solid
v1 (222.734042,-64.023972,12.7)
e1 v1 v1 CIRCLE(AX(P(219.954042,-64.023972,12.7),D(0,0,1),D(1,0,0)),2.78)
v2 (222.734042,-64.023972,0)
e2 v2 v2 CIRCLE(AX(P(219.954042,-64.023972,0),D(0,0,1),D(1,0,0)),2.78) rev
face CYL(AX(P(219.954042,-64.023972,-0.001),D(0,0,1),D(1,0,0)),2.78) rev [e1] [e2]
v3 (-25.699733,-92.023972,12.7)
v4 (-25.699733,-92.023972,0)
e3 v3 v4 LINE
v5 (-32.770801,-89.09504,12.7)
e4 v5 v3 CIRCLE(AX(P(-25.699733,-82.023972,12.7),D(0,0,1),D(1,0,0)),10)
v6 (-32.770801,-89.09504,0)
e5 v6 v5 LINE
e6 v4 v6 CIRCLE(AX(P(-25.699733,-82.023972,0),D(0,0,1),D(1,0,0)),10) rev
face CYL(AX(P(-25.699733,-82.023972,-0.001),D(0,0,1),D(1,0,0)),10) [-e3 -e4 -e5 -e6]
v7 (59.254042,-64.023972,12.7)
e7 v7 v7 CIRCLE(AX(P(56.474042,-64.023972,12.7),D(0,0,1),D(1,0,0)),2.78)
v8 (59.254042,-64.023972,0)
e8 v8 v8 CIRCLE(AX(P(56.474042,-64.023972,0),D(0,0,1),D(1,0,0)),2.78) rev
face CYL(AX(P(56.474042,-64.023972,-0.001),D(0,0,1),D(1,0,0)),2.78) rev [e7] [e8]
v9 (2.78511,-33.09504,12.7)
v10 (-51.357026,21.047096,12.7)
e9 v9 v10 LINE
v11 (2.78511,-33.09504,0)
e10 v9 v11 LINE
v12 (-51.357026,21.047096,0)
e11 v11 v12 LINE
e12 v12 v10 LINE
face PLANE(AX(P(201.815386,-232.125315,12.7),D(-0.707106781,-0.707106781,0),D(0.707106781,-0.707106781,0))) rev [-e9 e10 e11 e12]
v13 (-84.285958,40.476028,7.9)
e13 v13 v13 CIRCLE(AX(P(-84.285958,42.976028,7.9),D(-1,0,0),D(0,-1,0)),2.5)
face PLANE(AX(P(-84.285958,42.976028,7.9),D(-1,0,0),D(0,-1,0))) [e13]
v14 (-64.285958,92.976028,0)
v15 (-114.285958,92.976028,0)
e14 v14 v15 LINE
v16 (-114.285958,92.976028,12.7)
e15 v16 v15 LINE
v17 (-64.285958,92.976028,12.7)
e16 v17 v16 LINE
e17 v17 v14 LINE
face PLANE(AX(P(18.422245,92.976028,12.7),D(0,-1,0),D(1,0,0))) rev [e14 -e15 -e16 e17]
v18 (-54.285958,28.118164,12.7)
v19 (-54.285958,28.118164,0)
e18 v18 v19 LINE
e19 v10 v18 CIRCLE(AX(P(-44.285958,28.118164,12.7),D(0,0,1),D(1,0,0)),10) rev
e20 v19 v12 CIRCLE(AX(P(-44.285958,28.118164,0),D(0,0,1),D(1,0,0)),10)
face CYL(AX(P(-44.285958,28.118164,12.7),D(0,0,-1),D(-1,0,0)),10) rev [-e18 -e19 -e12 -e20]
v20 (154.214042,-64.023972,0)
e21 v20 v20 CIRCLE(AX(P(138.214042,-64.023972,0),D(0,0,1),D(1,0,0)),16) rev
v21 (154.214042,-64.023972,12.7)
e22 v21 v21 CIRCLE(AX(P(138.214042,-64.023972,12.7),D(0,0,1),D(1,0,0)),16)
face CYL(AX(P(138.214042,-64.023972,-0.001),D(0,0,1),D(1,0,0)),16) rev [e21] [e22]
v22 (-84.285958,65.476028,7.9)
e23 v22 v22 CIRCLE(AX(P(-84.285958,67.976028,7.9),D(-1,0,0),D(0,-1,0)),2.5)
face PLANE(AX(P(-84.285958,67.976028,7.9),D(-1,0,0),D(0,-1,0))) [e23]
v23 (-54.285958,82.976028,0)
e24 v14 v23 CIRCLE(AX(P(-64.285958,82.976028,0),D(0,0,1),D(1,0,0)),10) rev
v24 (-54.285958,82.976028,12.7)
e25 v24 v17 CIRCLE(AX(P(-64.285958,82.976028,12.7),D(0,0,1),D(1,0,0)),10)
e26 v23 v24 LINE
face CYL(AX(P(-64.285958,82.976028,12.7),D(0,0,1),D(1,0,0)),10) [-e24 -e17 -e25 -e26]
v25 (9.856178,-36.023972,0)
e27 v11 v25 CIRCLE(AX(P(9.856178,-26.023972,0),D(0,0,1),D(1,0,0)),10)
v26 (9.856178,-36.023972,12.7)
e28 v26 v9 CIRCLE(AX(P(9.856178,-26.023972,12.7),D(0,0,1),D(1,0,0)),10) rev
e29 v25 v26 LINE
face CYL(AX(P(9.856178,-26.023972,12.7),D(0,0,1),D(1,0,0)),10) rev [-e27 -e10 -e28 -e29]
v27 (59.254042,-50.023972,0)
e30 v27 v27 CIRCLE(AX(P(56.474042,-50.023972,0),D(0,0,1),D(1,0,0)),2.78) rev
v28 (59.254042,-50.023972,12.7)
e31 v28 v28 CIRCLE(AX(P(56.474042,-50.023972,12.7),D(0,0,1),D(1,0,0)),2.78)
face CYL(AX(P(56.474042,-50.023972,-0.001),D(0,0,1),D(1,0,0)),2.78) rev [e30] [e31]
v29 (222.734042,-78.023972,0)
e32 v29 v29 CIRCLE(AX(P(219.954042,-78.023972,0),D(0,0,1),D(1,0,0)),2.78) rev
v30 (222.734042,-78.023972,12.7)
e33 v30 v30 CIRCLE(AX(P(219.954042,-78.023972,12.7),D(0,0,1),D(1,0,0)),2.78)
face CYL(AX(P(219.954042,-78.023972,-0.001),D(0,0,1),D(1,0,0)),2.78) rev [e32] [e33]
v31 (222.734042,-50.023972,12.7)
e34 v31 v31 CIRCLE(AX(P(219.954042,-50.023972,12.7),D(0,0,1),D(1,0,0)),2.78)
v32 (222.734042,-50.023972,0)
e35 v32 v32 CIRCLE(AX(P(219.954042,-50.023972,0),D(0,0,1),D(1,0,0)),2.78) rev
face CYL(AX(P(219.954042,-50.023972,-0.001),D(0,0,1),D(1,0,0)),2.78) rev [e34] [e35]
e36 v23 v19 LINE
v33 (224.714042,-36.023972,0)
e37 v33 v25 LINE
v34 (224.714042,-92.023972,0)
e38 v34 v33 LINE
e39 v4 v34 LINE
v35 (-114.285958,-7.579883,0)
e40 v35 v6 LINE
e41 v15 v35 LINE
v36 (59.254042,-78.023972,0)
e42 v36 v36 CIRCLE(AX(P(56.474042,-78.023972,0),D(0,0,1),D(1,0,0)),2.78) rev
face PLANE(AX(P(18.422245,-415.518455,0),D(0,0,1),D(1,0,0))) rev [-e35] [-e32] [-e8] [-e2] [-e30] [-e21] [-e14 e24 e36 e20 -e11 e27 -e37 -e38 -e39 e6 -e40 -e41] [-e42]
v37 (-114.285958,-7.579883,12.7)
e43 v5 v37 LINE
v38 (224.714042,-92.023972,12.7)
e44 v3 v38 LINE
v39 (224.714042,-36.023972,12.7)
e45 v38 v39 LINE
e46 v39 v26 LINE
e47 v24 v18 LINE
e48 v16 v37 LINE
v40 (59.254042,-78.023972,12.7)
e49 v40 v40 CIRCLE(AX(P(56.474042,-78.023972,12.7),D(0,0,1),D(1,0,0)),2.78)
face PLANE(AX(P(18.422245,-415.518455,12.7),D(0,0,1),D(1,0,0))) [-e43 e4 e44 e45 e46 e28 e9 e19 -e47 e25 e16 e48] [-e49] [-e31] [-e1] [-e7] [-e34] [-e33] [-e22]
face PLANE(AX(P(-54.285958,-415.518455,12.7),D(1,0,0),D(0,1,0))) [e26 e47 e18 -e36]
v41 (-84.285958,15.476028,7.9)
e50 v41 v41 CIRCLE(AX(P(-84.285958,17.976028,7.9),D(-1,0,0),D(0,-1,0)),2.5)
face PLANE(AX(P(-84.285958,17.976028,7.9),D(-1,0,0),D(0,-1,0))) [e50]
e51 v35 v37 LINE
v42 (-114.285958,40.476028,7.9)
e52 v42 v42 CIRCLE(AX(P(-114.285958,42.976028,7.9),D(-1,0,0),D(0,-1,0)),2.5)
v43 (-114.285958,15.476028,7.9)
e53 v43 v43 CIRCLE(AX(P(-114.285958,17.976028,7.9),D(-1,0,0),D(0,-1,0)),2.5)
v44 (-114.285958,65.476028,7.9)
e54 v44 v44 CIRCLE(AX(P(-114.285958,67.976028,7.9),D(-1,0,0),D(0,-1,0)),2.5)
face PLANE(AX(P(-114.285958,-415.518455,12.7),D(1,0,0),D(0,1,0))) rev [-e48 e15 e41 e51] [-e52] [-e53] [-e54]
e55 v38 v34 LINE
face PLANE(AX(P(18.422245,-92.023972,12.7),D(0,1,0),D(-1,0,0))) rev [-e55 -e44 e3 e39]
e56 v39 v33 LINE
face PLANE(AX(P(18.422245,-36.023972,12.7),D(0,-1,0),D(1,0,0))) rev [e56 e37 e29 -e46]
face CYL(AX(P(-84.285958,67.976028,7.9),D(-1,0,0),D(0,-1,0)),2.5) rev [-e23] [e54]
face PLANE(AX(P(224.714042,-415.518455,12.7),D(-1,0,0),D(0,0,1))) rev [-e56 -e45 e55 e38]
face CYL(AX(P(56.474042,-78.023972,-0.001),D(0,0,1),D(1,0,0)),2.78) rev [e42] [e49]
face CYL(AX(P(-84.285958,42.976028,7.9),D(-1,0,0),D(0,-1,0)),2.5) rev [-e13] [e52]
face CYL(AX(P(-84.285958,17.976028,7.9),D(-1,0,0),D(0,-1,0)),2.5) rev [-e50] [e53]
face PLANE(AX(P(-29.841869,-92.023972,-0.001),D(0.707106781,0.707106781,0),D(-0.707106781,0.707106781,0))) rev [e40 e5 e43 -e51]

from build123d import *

# Parameters (mm, degrees)
RESSALTO_EXTRUS_O1_DEPTH = 12.7
CIRCULO_ROLAMENTO_REACH  = 245.52
ESBO_O3_R                = 16
ESBO_O6_R                = 2.5
CORTE_EXTRUS_O4_DEPTH    = 30
CORTE_EXTRUS_O6_REACH    = 245.52
CORTE_EXTRUS_O7_REACH    = 245.52
ESBO_O10_R               = 2.78
CORTE_EXTRUS_O8_REACH    = 245.52
ESBO_O12_R               = 2.78
FILETE1_R                = 10


with BuildPart() as part:
    # Esboço1 → Ressalto-extrusão1 (new body)
    with BuildSketch(Plane.XY):
        Polygon((-114.28595772, -92.023971813), (224.71404228, -92.023971813), (224.71404228, -36.023971813), (5.71404228, -36.023971813), (-54.28595772, 23.976028187), (-54.28595772, 92.976028187), (-114.28595772, 92.976028187), align=None)
    extrude(amount=RESSALTO_EXTRUS_O1_DEPTH)

    # Esboço3 → Circulo rolamento (cut, up to next)
    with BuildSketch(Plane.XY.offset(12.7), mode=Mode.PRIVATE) as circulo_rolamento_sk1:
        with Locations((138.21404228, -64.023971813)):
            Circle(ESBO_O3_R)
    circulo_rolamento_tool1 = extrude(circulo_rolamento_sk1.sketch, amount=-CIRCULO_ROLAMENTO_REACH, mode=Mode.PRIVATE) & part.part
    add(circulo_rolamento_tool1.solids().sort_by_distance((138.214042, -64.023972, 12.7))[0], mode=Mode.SUBTRACT)

    # Esboço6 → Corte-extrusão4 (cut)
    with BuildSketch(Plane.ZY.offset(114.28595772)):
        with Locations(Location((7.9, 67.976028187, 0), (0, 0, 270))):
            Circle(ESBO_O6_R)
        with Locations(Location((7.9, 42.976028187, 0), (0, 0, 270))):
            Circle(ESBO_O6_R)
        with Locations(Location((7.9, 17.976028187, 0), (0, 0, 270))):
            Circle(ESBO_O6_R)
    extrude(amount=-CORTE_EXTRUS_O4_DEPTH, mode=Mode.SUBTRACT)

    # Esboço9 → Corte-extrusão6 (cut, up to next)
    with BuildSketch(Plane.XY.offset(12.7), mode=Mode.PRIVATE) as corte_extrus_o6_sk1:
        Polygon((-29.841868762, -92.023971813), (-114.28595772, -7.579882856), (-114.28595772, -92.023971813), align=None)
    corte_extrus_o6_tool1 = extrude(corte_extrus_o6_sk1.sketch, amount=-CORTE_EXTRUS_O6_REACH, mode=Mode.PRIVATE) & part.part
    add(corte_extrus_o6_tool1.solids().sort_by_distance((-86.137928, -63.875942, 12.7))[0], mode=Mode.SUBTRACT)

    # Esboço10 → Corte-extrusão7 (cut, up to next)
    with BuildSketch(Plane.XY.offset(12.7), mode=Mode.PRIVATE) as corte_extrus_o7_sk1:
        with Locations((56.47404228, -50.023971813)):
            Circle(ESBO_O10_R)
    corte_extrus_o7_tool1 = extrude(corte_extrus_o7_sk1.sketch, amount=-CORTE_EXTRUS_O7_REACH, mode=Mode.PRIVATE) & part.part
    # Esboço10 → Corte-extrusão7 (cut, up to next)
    with BuildSketch(Plane.XY.offset(12.7), mode=Mode.PRIVATE) as corte_extrus_o7_sk2:
        with Locations((56.47404228, -64.023971813)):
            Circle(ESBO_O10_R)
    corte_extrus_o7_tool2 = extrude(corte_extrus_o7_sk2.sketch, amount=-CORTE_EXTRUS_O7_REACH, mode=Mode.PRIVATE) & part.part
    # Esboço10 → Corte-extrusão7 (cut, up to next)
    with BuildSketch(Plane.XY.offset(12.7), mode=Mode.PRIVATE) as corte_extrus_o7_sk3:
        with Locations((56.47404228, -78.023971813)):
            Circle(ESBO_O10_R)
    corte_extrus_o7_tool3 = extrude(corte_extrus_o7_sk3.sketch, amount=-CORTE_EXTRUS_O7_REACH, mode=Mode.PRIVATE) & part.part
    add(corte_extrus_o7_tool1.solids().sort_by_distance((56.474042, -50.023972, 12.7))[0], mode=Mode.SUBTRACT)
    add(corte_extrus_o7_tool2.solids().sort_by_distance((56.474042, -64.023972, 12.7))[0], mode=Mode.SUBTRACT)
    add(corte_extrus_o7_tool3.solids().sort_by_distance((56.474042, -78.023972, 12.7))[0], mode=Mode.SUBTRACT)

    # Esboço12 → Corte-extrusão8 (cut, up to next)
    with BuildSketch(Plane.XY.offset(12.7), mode=Mode.PRIVATE) as corte_extrus_o8_sk1:
        with Locations((219.95404228, -78.023971813)):
            Circle(ESBO_O12_R)
    corte_extrus_o8_tool1 = extrude(corte_extrus_o8_sk1.sketch, amount=-CORTE_EXTRUS_O8_REACH, mode=Mode.PRIVATE) & part.part
    # Esboço12 → Corte-extrusão8 (cut, up to next)
    with BuildSketch(Plane.XY.offset(12.7), mode=Mode.PRIVATE) as corte_extrus_o8_sk2:
        with Locations((219.95404228, -64.023971813)):
            Circle(ESBO_O12_R)
    corte_extrus_o8_tool2 = extrude(corte_extrus_o8_sk2.sketch, amount=-CORTE_EXTRUS_O8_REACH, mode=Mode.PRIVATE) & part.part
    # Esboço12 → Corte-extrusão8 (cut, up to next)
    with BuildSketch(Plane.XY.offset(12.7), mode=Mode.PRIVATE) as corte_extrus_o8_sk3:
        with Locations((219.95404228, -50.023971813)):
            Circle(ESBO_O12_R)
    corte_extrus_o8_tool3 = extrude(corte_extrus_o8_sk3.sketch, amount=-CORTE_EXTRUS_O8_REACH, mode=Mode.PRIVATE) & part.part
    add(corte_extrus_o8_tool1.solids().sort_by_distance((219.954042, -78.023972, 12.7))[0], mode=Mode.SUBTRACT)
    add(corte_extrus_o8_tool2.solids().sort_by_distance((219.954042, -64.023972, 12.7))[0], mode=Mode.SUBTRACT)
    add(corte_extrus_o8_tool3.solids().sort_by_distance((219.954042, -50.023972, 12.7))[0], mode=Mode.SUBTRACT)

    # Filete1
    filete1_edges = [part.edges().sort_by_distance(p)[0] for p in [
        (-54.28595772, 92.976028187, 6.35),
        (-54.28595772, 23.976028187, 6.35),
        (5.71404228, -36.023971813, 6.35),
        (-29.841868762, -92.023971813, 6.35),
    ]]
    fillet(filete1_edges, radius=FILETE1_R)


solid = part.part
